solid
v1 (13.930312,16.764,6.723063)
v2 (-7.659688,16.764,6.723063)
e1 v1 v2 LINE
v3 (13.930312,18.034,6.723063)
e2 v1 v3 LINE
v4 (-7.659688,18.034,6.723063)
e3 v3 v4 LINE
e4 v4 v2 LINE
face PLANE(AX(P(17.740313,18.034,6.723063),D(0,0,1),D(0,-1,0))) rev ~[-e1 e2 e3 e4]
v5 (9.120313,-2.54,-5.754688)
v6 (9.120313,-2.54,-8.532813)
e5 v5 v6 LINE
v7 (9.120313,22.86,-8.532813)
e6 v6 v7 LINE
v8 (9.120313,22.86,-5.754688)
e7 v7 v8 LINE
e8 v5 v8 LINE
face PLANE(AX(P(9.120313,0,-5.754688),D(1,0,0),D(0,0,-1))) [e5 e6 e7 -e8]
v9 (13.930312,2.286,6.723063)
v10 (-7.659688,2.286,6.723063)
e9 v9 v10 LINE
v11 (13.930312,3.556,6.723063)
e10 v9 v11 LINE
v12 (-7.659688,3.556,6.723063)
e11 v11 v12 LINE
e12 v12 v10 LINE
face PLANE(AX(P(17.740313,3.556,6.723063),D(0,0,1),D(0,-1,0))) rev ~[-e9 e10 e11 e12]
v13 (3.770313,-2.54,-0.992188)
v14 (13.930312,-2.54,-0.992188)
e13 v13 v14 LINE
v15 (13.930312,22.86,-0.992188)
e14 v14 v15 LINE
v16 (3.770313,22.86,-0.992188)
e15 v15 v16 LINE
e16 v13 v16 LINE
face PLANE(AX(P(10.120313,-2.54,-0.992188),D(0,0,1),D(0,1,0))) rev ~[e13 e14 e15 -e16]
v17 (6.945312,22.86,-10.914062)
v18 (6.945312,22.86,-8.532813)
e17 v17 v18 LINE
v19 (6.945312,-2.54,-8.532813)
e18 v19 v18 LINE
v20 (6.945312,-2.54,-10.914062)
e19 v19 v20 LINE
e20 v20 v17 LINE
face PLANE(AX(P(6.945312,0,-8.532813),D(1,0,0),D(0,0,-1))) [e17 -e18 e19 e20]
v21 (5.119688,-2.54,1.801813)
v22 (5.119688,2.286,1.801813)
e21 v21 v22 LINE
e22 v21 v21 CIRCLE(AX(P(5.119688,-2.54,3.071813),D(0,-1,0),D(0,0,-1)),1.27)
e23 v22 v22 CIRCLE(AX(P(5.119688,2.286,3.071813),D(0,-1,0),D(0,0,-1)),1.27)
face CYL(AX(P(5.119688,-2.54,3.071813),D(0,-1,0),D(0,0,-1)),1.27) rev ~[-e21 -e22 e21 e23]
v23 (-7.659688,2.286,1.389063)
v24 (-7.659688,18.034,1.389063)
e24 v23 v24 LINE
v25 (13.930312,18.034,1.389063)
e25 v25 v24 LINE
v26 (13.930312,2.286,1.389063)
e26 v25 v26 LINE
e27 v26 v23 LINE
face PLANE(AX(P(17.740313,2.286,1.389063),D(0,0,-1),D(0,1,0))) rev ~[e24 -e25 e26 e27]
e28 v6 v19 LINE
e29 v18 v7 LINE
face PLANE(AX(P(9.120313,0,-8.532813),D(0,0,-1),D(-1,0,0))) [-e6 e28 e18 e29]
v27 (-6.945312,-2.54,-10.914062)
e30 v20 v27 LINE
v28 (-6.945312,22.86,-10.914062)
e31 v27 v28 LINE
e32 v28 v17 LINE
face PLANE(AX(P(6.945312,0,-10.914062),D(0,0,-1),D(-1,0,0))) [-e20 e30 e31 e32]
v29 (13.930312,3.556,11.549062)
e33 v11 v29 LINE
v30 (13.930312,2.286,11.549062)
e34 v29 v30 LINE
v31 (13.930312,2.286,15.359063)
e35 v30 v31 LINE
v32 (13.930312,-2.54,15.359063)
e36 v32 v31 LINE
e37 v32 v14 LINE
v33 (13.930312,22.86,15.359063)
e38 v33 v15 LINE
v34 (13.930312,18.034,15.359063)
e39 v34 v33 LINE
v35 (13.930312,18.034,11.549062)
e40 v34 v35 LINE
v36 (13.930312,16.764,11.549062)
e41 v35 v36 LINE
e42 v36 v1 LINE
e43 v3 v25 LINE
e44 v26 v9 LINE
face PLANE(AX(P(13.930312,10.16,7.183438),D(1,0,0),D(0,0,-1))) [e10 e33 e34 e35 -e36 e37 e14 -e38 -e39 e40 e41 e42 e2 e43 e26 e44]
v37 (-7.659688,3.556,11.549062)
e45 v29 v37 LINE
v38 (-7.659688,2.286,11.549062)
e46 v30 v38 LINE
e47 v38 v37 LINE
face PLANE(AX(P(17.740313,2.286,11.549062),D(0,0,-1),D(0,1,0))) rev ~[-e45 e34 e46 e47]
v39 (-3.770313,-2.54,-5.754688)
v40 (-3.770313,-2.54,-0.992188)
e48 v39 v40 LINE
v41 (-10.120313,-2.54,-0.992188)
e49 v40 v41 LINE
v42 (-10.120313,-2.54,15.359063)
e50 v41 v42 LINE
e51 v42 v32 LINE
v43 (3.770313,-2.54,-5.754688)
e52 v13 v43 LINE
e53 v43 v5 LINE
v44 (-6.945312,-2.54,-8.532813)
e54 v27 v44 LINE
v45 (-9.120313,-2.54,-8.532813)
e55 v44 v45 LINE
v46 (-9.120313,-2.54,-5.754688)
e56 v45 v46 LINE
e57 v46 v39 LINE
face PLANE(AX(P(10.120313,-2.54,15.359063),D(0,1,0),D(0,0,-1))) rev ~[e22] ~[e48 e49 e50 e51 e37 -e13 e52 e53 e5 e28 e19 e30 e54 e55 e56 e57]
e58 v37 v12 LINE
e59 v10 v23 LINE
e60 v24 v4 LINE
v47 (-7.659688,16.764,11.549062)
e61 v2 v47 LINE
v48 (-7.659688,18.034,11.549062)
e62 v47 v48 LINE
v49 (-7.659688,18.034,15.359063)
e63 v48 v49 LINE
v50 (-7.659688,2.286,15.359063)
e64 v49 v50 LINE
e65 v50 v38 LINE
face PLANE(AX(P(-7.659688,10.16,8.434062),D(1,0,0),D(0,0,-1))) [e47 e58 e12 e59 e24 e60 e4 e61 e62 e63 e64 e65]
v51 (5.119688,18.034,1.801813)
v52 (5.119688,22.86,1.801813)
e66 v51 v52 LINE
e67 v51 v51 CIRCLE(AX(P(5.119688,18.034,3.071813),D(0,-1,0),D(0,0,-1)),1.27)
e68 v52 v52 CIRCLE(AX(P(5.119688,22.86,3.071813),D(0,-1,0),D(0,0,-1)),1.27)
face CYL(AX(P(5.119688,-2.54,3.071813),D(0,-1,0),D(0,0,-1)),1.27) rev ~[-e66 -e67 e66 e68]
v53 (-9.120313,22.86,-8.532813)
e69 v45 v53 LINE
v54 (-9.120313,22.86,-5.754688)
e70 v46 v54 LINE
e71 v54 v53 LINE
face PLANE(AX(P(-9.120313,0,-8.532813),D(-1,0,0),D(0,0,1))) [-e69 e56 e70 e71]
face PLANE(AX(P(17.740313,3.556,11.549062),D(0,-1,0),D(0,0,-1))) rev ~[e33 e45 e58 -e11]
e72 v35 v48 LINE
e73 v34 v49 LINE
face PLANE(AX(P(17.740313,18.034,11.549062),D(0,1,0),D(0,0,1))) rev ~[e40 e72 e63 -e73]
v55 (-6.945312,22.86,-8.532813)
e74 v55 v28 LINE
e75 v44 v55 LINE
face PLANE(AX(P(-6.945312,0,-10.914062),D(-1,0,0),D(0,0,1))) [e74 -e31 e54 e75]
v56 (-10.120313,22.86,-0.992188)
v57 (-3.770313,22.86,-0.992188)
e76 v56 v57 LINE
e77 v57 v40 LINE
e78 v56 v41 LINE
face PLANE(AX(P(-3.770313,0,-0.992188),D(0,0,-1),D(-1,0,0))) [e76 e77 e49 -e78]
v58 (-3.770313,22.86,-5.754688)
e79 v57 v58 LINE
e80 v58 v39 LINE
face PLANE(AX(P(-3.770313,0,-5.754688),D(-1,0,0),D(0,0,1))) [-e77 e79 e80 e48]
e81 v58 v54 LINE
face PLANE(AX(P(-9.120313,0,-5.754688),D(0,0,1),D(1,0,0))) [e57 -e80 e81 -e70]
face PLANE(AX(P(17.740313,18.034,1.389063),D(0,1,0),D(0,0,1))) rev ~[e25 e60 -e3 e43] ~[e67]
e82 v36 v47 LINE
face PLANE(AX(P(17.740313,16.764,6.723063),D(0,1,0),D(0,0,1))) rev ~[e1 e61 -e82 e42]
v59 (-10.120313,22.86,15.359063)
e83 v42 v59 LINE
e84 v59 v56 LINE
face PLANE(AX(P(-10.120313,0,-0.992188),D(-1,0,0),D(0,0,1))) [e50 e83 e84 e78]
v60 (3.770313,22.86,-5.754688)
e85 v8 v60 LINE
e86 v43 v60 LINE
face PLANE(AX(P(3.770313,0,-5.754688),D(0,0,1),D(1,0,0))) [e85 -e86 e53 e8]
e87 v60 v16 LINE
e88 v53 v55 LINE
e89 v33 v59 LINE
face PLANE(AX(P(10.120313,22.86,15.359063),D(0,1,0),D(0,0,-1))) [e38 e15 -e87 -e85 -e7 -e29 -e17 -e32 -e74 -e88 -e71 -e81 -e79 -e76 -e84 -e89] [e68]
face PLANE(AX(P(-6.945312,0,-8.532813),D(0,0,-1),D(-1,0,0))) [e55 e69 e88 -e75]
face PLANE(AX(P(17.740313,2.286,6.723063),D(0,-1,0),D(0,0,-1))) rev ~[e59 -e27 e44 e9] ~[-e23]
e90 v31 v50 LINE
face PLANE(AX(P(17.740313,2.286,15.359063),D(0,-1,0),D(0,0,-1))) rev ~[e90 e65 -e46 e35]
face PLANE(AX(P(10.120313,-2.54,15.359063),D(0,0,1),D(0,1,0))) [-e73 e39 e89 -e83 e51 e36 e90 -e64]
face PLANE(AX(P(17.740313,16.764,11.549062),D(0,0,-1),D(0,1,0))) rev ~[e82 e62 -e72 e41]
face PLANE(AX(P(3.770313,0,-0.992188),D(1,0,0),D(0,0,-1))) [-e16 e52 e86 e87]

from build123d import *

# Parameters (mm, degrees)
SKETCH1_W           = 20.240625
SKETCH1_H           = 21.828125
BOSS_EXTRUDE1_DEPTH = 20.32
CUT_EXTRUDE1_DEPTH  = 20.32
SKETCH4_W           = 20.240625
SKETCH4_H           = 20.32
BOSS_EXTRUDE2_DEPTH = 4.445
BOSS_EXTRUDE3_DEPTH = 2.54
BOSS_EXTRUDE4_DEPTH = 2.54
SKETCH8_W           = 16.35125
SKETCH8_H           = 25.4
BOSS_EXTRUDE5_DEPTH = 7.62
SKETCH10_R          = 1.27
CUT_EXTRUDE3_DEPTH  = 35.580044657
CUT_EXTRUDE4_DEPTH  = 25.4
SKETCH14_W          = 16.35125
SKETCH14_H          = 25.4
CUT_EXTRUDE5_DEPTH  = 3.81


with BuildPart() as part:
    # Sketch1 → Boss-Extrude1 (new body)
    with BuildSketch(Plane(origin=(0, 0, 0), x_dir=(1, 0, 0), z_dir=(0, 1, 0))):
        Rectangle(SKETCH1_W, SKETCH1_H)
    extrude(amount=BOSS_EXTRUDE1_DEPTH)

    # Sketch2 → Cut-Extrude1 (cut)
    with BuildSketch(Plane(origin=(0, 20.32, 0), x_dir=(1, 0, 0), z_dir=(0, 1, 0))):
        Polygon((10.1203125, 0.9921875), (3.7703125, 0.9921875), (3.7703125, 5.7546875), (9.1203125, 5.7546875), (9.1203125, 8.5328125), (6.9453125, 8.5328125), (6.9453125, 10.9140625), (10.1203125, 10.9140625), (10.1203125, 8.5328125), (10.1203125, 5.7546875), align=None)
        Polygon((-6.9453125, 10.9140625), (-10.1203125, 10.9140625), (-10.1203125, 8.5328125), (-10.1203125, 5.7546875), (-10.1203125, 0.9921875), (-3.7703125, 0.9921875), (-3.7703125, 5.7546875), (-9.1203125, 5.7546875), (-9.1203125, 8.5328125), (-6.9453125, 8.5328125), align=None)
    extrude(amount=-CUT_EXTRUDE1_DEPTH, mode=Mode.SUBTRACT)

    # Sketch4 → Boss-Extrude2 (add)
    with BuildSketch(Plane.XY.offset(10.9140625)):
        with Locations((0, 10.16)):
            Rectangle(SKETCH4_W, SKETCH4_H)
    extrude(amount=BOSS_EXTRUDE2_DEPTH)

    # Sketch6 → Boss-Extrude3 (add)
    with BuildSketch(Plane(origin=(0, 20.32, 0), x_dir=(1, 0, 0), z_dir=(0, 1, 0))):
        Polygon((-10.1203125, -15.3590625), (-10.1203125, 0.9921875), (-3.7703125, 0.9921875), (-3.7703125, 5.7546875), (-9.1203125, 5.7546875), (-9.1203125, 8.5328125), (-6.9453125, 8.5328125), (-6.9453125, 10.9140625), (6.9453125, 10.9140625), (6.9453125, 8.5328125), (9.1203125, 8.5328125), (9.1203125, 5.7546875), (3.7703125, 5.7546875), (3.7703125, 0.9921875), (10.1203125, 0.9921875), (10.1203125, -15.3590625), align=None)
    extrude(amount=BOSS_EXTRUDE3_DEPTH)

    # Sketch7 → Boss-Extrude4 (add)
    with BuildSketch(Plane.XZ):
        Polygon((-10.1203125, -0.9921875), (-10.1203125, 15.3590625), (10.1203125, 15.3590625), (10.1203125, -0.9921875), (3.7703125, -0.9921875), (3.7703125, -5.7546875), (9.1203125, -5.7546875), (9.1203125, -8.5328125), (6.9453125, -8.5328125), (6.9453125, -10.9140625), (-6.9453125, -10.9140625), (-6.9453125, -8.5328125), (-9.1203125, -8.5328125), (-9.1203125, -5.7546875), (-3.7703125, -5.7546875), (-3.7703125, -0.9921875), align=None)
    extrude(amount=BOSS_EXTRUDE4_DEPTH)

    # Sketch8 → Boss-Extrude5 (add)
    with BuildSketch(Plane(origin=(10.1203125, 0, 0), x_dir=(0, 0, -1), z_dir=(1, 0, 0))):
        with Locations((-7.1834375, 10.16)):
            Rectangle(SKETCH8_W, SKETCH8_H)
    extrude(amount=BOSS_EXTRUDE5_DEPTH)

    # Sketch10 → Cut-Extrude3 (cut, through all)
    with BuildSketch(Plane.XZ.offset(2.54)):
        with Locations(Location((5.1196875, 3.0718125, 0), (0, 0, 270))):
            Circle(SKETCH10_R)
    extrude(amount=-CUT_EXTRUDE3_DEPTH, mode=Mode.SUBTRACT)

    # Sketch12 → Cut-Extrude4 (cut)
    with BuildSketch(Plane(origin=(17.7403125, 0, 0), x_dir=(0, 0, -1), z_dir=(1, 0, 0))):
        Polygon((-15.3590625, 18.034), (-15.3590625, 2.286), (-11.5490625, 2.286), (-11.5490625, 3.556), (-6.7230625, 3.556), (-6.7230625, 2.286), (-1.3890625, 2.286), (-1.3890625, 18.034), (-6.7230625, 18.034), (-6.7230625, 16.764), (-11.5490625, 16.764), (-11.5490625, 18.034), align=None)
    extrude(amount=-CUT_EXTRUDE4_DEPTH, mode=Mode.SUBTRACT)

    # Sketch14 → Cut-Extrude5 (cut)
    with BuildSketch(Plane(origin=(17.7403125, 0, 0), x_dir=(0, 0, -1), z_dir=(1, 0, 0))):
        with Locations((-7.1834375, 10.16)):
            Rectangle(SKETCH14_W, SKETCH14_H)
    extrude(amount=-CUT_EXTRUDE5_DEPTH, mode=Mode.SUBTRACT)


solid = part.part
